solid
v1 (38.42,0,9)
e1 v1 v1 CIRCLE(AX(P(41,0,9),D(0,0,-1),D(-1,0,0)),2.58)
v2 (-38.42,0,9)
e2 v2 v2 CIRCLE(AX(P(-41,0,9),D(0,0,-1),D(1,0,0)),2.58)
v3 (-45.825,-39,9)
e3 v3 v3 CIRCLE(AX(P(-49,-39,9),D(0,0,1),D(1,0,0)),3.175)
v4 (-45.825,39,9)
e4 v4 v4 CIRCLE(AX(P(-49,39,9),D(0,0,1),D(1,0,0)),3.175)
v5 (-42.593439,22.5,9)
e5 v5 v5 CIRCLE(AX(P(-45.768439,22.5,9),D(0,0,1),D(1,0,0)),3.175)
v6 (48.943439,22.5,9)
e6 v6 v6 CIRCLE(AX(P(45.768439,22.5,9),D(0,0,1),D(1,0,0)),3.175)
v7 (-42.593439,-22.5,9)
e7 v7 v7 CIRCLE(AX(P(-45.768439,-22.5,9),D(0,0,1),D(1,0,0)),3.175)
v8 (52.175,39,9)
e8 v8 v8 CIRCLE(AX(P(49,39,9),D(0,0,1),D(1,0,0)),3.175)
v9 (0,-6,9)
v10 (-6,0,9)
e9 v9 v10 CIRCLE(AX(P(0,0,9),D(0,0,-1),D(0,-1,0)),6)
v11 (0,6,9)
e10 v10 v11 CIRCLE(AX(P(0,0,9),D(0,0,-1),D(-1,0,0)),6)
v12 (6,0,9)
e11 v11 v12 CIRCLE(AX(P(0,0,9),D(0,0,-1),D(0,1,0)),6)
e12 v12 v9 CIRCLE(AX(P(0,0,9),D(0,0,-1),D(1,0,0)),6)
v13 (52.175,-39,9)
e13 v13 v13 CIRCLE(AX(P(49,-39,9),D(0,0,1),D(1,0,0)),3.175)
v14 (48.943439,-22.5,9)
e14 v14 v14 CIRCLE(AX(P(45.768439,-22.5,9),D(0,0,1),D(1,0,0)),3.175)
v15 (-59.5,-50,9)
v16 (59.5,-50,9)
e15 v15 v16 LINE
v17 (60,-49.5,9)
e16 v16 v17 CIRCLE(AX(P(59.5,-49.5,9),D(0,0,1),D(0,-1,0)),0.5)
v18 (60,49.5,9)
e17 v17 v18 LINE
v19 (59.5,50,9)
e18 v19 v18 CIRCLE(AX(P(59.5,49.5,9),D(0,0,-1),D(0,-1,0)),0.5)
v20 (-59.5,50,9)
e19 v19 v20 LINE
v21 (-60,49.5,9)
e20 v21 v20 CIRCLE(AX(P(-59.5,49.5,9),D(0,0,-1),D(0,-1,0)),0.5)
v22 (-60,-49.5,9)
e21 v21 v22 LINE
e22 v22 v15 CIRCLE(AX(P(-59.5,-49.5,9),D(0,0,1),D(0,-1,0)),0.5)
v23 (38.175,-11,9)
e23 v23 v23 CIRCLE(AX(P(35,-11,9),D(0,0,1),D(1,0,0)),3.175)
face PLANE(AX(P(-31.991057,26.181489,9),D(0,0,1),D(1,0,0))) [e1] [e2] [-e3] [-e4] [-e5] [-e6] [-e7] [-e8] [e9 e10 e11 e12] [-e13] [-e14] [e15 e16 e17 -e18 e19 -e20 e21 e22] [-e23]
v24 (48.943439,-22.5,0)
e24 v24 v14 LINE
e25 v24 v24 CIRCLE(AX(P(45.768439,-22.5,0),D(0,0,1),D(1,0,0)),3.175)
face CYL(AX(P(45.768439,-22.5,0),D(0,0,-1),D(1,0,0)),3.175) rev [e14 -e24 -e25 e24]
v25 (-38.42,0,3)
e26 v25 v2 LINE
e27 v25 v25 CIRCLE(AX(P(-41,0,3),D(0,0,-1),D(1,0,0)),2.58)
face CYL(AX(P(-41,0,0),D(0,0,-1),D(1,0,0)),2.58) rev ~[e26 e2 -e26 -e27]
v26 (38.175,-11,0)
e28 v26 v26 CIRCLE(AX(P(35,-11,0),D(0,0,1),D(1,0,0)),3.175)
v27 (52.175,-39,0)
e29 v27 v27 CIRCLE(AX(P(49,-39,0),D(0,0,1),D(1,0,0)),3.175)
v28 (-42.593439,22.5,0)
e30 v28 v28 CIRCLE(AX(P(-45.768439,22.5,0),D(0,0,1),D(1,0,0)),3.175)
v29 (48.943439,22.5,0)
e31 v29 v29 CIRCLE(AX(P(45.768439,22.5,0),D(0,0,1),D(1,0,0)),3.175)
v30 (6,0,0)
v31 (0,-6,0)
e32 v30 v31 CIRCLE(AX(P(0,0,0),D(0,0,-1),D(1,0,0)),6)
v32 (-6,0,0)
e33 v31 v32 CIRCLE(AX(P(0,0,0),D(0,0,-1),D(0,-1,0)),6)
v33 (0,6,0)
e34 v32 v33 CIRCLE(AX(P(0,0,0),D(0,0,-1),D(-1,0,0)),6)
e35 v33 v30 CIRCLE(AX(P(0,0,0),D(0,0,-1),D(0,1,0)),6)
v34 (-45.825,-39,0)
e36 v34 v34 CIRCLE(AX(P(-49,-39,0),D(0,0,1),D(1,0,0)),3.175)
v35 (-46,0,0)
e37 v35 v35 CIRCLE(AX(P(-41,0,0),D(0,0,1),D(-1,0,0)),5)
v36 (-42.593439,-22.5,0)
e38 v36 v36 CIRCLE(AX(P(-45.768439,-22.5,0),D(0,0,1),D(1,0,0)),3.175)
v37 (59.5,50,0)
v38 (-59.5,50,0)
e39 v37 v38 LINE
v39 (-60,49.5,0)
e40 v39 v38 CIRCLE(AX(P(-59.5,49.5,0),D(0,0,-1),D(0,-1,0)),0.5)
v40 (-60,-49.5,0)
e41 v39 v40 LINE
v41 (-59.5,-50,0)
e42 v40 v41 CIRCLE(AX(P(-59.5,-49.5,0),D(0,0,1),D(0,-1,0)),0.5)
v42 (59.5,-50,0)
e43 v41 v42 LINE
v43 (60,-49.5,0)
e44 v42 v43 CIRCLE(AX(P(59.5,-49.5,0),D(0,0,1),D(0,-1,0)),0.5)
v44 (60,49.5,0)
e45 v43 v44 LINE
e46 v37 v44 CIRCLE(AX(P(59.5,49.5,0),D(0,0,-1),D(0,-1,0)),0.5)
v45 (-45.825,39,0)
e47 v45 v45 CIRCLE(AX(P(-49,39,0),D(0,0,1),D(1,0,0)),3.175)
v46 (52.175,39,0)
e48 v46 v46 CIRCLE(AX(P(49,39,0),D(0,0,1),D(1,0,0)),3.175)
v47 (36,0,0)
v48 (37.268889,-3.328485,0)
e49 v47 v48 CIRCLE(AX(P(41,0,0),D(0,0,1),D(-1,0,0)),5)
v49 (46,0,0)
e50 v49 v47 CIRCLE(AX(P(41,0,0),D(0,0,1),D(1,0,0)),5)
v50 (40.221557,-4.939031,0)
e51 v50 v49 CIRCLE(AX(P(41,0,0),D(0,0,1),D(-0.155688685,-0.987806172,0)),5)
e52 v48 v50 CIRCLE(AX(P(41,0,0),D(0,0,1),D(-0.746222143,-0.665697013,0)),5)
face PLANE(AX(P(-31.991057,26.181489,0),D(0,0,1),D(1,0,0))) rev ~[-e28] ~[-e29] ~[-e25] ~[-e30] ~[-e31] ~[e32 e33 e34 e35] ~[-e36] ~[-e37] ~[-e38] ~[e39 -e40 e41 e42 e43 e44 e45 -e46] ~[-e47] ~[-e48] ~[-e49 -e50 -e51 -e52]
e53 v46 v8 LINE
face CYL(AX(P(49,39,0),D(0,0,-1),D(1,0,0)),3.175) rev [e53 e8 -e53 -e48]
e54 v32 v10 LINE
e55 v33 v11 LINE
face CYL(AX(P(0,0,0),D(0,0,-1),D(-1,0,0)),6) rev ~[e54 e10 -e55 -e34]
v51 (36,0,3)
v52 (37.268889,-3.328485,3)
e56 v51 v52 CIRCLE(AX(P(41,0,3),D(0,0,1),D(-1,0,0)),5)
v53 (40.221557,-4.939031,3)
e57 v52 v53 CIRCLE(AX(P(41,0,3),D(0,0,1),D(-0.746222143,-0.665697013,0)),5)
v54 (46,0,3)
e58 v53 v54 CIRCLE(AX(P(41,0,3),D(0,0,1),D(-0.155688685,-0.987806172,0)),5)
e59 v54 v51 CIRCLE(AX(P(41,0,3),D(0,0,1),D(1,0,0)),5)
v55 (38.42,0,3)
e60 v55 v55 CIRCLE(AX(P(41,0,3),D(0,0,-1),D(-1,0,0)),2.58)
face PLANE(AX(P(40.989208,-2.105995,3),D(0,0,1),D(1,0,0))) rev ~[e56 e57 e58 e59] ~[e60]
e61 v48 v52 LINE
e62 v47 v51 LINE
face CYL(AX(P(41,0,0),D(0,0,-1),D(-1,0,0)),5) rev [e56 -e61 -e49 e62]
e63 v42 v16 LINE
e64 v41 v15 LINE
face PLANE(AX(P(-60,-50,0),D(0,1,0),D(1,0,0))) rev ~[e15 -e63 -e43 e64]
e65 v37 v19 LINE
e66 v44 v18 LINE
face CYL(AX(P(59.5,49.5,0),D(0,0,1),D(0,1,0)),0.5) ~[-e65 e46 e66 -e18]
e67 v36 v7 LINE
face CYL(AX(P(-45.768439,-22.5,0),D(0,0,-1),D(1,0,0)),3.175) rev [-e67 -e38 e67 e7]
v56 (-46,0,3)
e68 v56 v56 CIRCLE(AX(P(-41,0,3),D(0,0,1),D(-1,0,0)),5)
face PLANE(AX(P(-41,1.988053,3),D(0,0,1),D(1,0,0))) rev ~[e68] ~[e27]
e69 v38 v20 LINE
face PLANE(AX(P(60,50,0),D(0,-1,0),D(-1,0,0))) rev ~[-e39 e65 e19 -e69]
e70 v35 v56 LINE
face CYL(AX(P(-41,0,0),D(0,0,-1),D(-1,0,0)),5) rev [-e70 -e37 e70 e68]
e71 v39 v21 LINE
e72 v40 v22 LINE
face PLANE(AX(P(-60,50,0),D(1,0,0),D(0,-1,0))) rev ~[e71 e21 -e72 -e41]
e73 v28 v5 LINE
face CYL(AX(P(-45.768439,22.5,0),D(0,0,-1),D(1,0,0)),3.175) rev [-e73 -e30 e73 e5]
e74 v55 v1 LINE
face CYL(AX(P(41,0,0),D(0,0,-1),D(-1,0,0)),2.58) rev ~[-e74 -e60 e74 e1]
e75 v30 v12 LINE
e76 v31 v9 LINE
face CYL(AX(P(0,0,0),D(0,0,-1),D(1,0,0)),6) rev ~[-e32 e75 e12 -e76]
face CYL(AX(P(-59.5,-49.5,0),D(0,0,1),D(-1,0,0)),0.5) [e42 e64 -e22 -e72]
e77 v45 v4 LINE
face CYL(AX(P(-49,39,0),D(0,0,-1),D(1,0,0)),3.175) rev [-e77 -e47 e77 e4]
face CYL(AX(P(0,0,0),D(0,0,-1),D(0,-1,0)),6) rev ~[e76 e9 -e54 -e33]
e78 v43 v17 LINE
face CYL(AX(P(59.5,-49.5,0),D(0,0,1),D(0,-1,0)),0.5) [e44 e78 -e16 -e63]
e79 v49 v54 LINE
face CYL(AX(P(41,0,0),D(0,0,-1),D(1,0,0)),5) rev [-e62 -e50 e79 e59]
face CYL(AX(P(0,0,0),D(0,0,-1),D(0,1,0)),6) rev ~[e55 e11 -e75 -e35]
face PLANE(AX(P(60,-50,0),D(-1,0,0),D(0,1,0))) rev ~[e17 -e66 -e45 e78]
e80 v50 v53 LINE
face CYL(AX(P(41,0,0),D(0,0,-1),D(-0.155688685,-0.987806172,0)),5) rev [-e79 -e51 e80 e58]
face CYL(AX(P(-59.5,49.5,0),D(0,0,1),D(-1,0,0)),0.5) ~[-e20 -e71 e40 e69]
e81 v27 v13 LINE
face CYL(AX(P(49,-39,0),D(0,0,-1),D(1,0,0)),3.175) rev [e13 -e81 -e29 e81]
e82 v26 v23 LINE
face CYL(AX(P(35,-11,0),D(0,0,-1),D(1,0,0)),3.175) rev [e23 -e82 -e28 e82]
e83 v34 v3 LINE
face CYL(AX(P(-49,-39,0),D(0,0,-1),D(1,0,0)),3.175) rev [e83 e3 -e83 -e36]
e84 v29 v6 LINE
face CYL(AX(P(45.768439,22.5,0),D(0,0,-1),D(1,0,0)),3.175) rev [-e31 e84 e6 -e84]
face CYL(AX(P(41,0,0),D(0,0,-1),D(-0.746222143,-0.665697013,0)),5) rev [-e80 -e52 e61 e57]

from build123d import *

# Parameters (mm, degrees)
F0_R     = 3.175
F1_DEPTH = 9
F2_DEPTH = 3
F4_R     = 0.5


with BuildPart() as f1:
    # F0 (on Top) → F1 (new body)
    with BuildSketch(Plane.XY):
        with BuildLine():
            Line((0, 17.5), (0, 50))
            Line((0, 50), (-60, 50))
            Line((-60, 50), (-60, 0))
            Line((-60, 0), (-46, 0))
            ThreePointArc((-46, 0), (-41, 5), (-36, 0))
            Line((-36, 0), (-17.5, 0))
            ThreePointArc((-17.5, 0), (-12.3743686708, 12.3743686708), (0, 17.5))
        make_face()
        with Locations((-45.768439, 22.5)):
            Circle(F0_R, mode=Mode.SUBTRACT)
        with Locations((-49, 39)):
            Circle(F0_R, mode=Mode.SUBTRACT)
        with BuildLine():
            Line((60, 50), (0, 50))
            Line((0, 50), (0, 17.5))
            ThreePointArc((0, 17.5), (12.3743686708, 12.3743686708), (17.5, 0))
            Line((17.5, 0), (36, 0))
            ThreePointArc((36, 0), (41, 5), (46, 0))
            Line((46, 0), (60, 0))
            Line((60, 0), (60, 50))
        make_face()
        with Locations((45.768439, 22.5)):
            Circle(F0_R, mode=Mode.SUBTRACT)
        with Locations((49, 39)):
            Circle(F0_R, mode=Mode.SUBTRACT)
        with BuildLine():
            Line((36, 0), (17.5, 0))
            ThreePointArc((17.5, 0), (12.3743686708, -12.3743686708), (0, -17.5))
            Line((0, -17.5), (0, -50))
            Line((0, -50), (60, -50))
            Line((60, -50), (60, 0))
            Line((60, 0), (46, 0))
            ThreePointArc((46, 0), (44.2486753365, -3.8008036726), (40.2215565768, -4.9390308601))
            ThreePointArc((40.2215565768, -4.9390308601), (42.2722916819, -7.6662673034), (43, -11))
            ThreePointArc((43, -11), (28.5909784575, -15.7879476676), (37.268889283, -3.3284850635))
            ThreePointArc((37.268889283, -3.3284850635), (36.3279793673, -1.7810736109), (36, 0))
        make_face()
        with Locations((49, -39)):
            Circle(F0_R, mode=Mode.SUBTRACT)
        with Locations((45.768439, -22.5)):
            Circle(F0_R, mode=Mode.SUBTRACT)
        with BuildLine():
            ThreePointArc((0, -17.5), (-12.3743686708, -12.3743686708), (-17.5, 0))
            Line((-17.5, 0), (-36, 0))
            ThreePointArc((-36, 0), (-41, -5), (-46, 0))
            Line((-46, 0), (-60, 0))
            Line((-60, 0), (-60, -50))
            Line((-60, -50), (0, -50))
            Line((0, -50), (0, -17.5))
        make_face()
        with Locations((-49, -39)):
            Circle(F0_R, mode=Mode.SUBTRACT)
        with Locations((-45.768439, -22.5)):
            Circle(F0_R, mode=Mode.SUBTRACT)
        with BuildLine():
            ThreePointArc((40.2215565768, -4.9390308601), (38.6057393466, -4.3894778646), (37.268889283, -3.3284850635))
            ThreePointArc((37.268889283, -3.3284850635), (28.5909784575, -15.7879476676), (43, -11))
            ThreePointArc((43, -11), (42.2722916819, -7.6662673034), (40.2215565768, -4.9390308601))
        make_face()
        with Locations((35, -11)):
            Circle(F0_R, mode=Mode.SUBTRACT)
        with BuildLine():
            Line((38.42, 0), (36, 0))
            ThreePointArc((36, 0), (36.3279793673, -1.7810736109), (37.268889283, -3.3284850635))
            ThreePointArc((37.268889283, -3.3284850635), (38.8308170454, -3.9768354167), (40.2215565768, -4.9390308601))
            ThreePointArc((40.2215565768, -4.9390308601), (44.2486753365, -3.8008036726), (46, 0))
            Line((46, 0), (43.58, 0))
            ThreePointArc((43.58, 0), (41, -2.58), (38.42, 0))
        make_face()
        with BuildLine():
            ThreePointArc((46, 0), (41, 5), (36, 0))
            Line((36, 0), (38.42, 0))
            ThreePointArc((38.42, 0), (41, 2.58), (43.58, 0))
            Line((43.58, 0), (46, 0))
        make_face()
        with BuildLine():
            Line((-38.42, 0), (-36, 0))
            ThreePointArc((-36, 0), (-41, 5), (-46, 0))
            Line((-46, 0), (-43.58, 0))
            ThreePointArc((-43.58, 0), (-41, 2.58), (-38.42, 0))
        make_face()
        with BuildLine():
            ThreePointArc((-46, 0), (-41, -5), (-36, 0))
            Line((-36, 0), (-38.42, 0))
            ThreePointArc((-38.42, 0), (-41, -2.58), (-43.58, 0))
            Line((-43.58, 0), (-46, 0))
        make_face()
        with BuildLine():
            ThreePointArc((40.2215565768, -4.9390308601), (38.8308170454, -3.9768354167), (37.268889283, -3.3284850635))
            ThreePointArc((37.268889283, -3.3284850635), (38.6057393466, -4.3894778646), (40.2215565768, -4.9390308601))
        make_face()
        with BuildLine():
            Line((0, 6), (0, 17.5))
            ThreePointArc((0, 17.5), (-12.3743686708, 12.3743686708), (-17.5, 0))
            Line((-17.5, 0), (-6, 0))
            ThreePointArc((-6, 0), (-4.2426406871, 4.2426406871), (0, 6))
        make_face()
        with BuildLine():
            ThreePointArc((17.5, 0), (12.3743686708, 12.3743686708), (0, 17.5))
            Line((0, 17.5), (0, 6))
            ThreePointArc((0, 6), (4.2426406871, 4.2426406871), (6, 0))
            Line((6, 0), (17.5, 0))
        make_face()
        with BuildLine():
            ThreePointArc((0, -17.5), (12.3743686708, -12.3743686708), (17.5, 0))
            Line((17.5, 0), (6, 0))
            ThreePointArc((6, 0), (4.2426406871, -4.2426406871), (0, -6))
            Line((0, -6), (0, -17.5))
        make_face()
        with BuildLine():
            Line((-6, 0), (-17.5, 0))
            ThreePointArc((-17.5, 0), (-12.3743686708, -12.3743686708), (0, -17.5))
            Line((0, -17.5), (0, -6))
            ThreePointArc((0, -6), (-4.2426406871, -4.2426406871), (-6, 0))
        make_face()
    extrude(amount=F1_DEPTH)


with BuildPart() as f2:
    # F0 (on Top) → F2 (new body)
    with BuildSketch(Plane.XY):
        with BuildLine():
            Line((38.42, 0), (36, 0))
            ThreePointArc((36, 0), (36.3279793673, -1.7810736109), (37.268889283, -3.3284850635))
            ThreePointArc((37.268889283, -3.3284850635), (38.8308170454, -3.9768354167), (40.2215565768, -4.9390308601))
            ThreePointArc((40.2215565768, -4.9390308601), (44.2486753365, -3.8008036726), (46, 0))
            Line((46, 0), (43.58, 0))
            ThreePointArc((43.58, 0), (41, -2.58), (38.42, 0))
        make_face()
        with BuildLine():
            ThreePointArc((46, 0), (41, 5), (36, 0))
            Line((36, 0), (38.42, 0))
            ThreePointArc((38.42, 0), (41, 2.58), (43.58, 0))
            Line((43.58, 0), (46, 0))
        make_face()
        with BuildLine():
            ThreePointArc((40.2215565768, -4.9390308601), (38.8308170454, -3.9768354167), (37.268889283, -3.3284850635))
            ThreePointArc((37.268889283, -3.3284850635), (38.6057393466, -4.3894778646), (40.2215565768, -4.9390308601))
        make_face()
    extrude(amount=F2_DEPTH)


with BuildPart() as f2b:
    # F0 (on Top) → F2, piece 2 (new body)
    with BuildSketch(Plane.XY):
        with BuildLine():
            Line((-38.42, 0), (-36, 0))
            ThreePointArc((-36, 0), (-41, 5), (-46, 0))
            Line((-46, 0), (-43.58, 0))
            ThreePointArc((-43.58, 0), (-41, 2.58), (-38.42, 0))
        make_face()
        with BuildLine():
            ThreePointArc((-46, 0), (-41, -5), (-36, 0))
            Line((-36, 0), (-38.42, 0))
            ThreePointArc((-38.42, 0), (-41, -2.58), (-43.58, 0))
            Line((-43.58, 0), (-46, 0))
        make_face()
    extrude(amount=F2_DEPTH)


with BuildPart() as f1_1:
    add(f1.part)

    # F3: cut F2b, F2
    add(f2b.part, mode=Mode.SUBTRACT)
    add(f2.part, mode=Mode.SUBTRACT)

    # F4
    f4_edges = [f1_1.edges().sort_by_distance(p)[0] for p in [
        (60, 50, 4.5),
        (60, -50, 4.5),
        (-60, 50, 4.5),
        (-60, -50, 4.5),
    ]]
    fillet(f4_edges, radius=F4_R)


solid = f1_1.part
